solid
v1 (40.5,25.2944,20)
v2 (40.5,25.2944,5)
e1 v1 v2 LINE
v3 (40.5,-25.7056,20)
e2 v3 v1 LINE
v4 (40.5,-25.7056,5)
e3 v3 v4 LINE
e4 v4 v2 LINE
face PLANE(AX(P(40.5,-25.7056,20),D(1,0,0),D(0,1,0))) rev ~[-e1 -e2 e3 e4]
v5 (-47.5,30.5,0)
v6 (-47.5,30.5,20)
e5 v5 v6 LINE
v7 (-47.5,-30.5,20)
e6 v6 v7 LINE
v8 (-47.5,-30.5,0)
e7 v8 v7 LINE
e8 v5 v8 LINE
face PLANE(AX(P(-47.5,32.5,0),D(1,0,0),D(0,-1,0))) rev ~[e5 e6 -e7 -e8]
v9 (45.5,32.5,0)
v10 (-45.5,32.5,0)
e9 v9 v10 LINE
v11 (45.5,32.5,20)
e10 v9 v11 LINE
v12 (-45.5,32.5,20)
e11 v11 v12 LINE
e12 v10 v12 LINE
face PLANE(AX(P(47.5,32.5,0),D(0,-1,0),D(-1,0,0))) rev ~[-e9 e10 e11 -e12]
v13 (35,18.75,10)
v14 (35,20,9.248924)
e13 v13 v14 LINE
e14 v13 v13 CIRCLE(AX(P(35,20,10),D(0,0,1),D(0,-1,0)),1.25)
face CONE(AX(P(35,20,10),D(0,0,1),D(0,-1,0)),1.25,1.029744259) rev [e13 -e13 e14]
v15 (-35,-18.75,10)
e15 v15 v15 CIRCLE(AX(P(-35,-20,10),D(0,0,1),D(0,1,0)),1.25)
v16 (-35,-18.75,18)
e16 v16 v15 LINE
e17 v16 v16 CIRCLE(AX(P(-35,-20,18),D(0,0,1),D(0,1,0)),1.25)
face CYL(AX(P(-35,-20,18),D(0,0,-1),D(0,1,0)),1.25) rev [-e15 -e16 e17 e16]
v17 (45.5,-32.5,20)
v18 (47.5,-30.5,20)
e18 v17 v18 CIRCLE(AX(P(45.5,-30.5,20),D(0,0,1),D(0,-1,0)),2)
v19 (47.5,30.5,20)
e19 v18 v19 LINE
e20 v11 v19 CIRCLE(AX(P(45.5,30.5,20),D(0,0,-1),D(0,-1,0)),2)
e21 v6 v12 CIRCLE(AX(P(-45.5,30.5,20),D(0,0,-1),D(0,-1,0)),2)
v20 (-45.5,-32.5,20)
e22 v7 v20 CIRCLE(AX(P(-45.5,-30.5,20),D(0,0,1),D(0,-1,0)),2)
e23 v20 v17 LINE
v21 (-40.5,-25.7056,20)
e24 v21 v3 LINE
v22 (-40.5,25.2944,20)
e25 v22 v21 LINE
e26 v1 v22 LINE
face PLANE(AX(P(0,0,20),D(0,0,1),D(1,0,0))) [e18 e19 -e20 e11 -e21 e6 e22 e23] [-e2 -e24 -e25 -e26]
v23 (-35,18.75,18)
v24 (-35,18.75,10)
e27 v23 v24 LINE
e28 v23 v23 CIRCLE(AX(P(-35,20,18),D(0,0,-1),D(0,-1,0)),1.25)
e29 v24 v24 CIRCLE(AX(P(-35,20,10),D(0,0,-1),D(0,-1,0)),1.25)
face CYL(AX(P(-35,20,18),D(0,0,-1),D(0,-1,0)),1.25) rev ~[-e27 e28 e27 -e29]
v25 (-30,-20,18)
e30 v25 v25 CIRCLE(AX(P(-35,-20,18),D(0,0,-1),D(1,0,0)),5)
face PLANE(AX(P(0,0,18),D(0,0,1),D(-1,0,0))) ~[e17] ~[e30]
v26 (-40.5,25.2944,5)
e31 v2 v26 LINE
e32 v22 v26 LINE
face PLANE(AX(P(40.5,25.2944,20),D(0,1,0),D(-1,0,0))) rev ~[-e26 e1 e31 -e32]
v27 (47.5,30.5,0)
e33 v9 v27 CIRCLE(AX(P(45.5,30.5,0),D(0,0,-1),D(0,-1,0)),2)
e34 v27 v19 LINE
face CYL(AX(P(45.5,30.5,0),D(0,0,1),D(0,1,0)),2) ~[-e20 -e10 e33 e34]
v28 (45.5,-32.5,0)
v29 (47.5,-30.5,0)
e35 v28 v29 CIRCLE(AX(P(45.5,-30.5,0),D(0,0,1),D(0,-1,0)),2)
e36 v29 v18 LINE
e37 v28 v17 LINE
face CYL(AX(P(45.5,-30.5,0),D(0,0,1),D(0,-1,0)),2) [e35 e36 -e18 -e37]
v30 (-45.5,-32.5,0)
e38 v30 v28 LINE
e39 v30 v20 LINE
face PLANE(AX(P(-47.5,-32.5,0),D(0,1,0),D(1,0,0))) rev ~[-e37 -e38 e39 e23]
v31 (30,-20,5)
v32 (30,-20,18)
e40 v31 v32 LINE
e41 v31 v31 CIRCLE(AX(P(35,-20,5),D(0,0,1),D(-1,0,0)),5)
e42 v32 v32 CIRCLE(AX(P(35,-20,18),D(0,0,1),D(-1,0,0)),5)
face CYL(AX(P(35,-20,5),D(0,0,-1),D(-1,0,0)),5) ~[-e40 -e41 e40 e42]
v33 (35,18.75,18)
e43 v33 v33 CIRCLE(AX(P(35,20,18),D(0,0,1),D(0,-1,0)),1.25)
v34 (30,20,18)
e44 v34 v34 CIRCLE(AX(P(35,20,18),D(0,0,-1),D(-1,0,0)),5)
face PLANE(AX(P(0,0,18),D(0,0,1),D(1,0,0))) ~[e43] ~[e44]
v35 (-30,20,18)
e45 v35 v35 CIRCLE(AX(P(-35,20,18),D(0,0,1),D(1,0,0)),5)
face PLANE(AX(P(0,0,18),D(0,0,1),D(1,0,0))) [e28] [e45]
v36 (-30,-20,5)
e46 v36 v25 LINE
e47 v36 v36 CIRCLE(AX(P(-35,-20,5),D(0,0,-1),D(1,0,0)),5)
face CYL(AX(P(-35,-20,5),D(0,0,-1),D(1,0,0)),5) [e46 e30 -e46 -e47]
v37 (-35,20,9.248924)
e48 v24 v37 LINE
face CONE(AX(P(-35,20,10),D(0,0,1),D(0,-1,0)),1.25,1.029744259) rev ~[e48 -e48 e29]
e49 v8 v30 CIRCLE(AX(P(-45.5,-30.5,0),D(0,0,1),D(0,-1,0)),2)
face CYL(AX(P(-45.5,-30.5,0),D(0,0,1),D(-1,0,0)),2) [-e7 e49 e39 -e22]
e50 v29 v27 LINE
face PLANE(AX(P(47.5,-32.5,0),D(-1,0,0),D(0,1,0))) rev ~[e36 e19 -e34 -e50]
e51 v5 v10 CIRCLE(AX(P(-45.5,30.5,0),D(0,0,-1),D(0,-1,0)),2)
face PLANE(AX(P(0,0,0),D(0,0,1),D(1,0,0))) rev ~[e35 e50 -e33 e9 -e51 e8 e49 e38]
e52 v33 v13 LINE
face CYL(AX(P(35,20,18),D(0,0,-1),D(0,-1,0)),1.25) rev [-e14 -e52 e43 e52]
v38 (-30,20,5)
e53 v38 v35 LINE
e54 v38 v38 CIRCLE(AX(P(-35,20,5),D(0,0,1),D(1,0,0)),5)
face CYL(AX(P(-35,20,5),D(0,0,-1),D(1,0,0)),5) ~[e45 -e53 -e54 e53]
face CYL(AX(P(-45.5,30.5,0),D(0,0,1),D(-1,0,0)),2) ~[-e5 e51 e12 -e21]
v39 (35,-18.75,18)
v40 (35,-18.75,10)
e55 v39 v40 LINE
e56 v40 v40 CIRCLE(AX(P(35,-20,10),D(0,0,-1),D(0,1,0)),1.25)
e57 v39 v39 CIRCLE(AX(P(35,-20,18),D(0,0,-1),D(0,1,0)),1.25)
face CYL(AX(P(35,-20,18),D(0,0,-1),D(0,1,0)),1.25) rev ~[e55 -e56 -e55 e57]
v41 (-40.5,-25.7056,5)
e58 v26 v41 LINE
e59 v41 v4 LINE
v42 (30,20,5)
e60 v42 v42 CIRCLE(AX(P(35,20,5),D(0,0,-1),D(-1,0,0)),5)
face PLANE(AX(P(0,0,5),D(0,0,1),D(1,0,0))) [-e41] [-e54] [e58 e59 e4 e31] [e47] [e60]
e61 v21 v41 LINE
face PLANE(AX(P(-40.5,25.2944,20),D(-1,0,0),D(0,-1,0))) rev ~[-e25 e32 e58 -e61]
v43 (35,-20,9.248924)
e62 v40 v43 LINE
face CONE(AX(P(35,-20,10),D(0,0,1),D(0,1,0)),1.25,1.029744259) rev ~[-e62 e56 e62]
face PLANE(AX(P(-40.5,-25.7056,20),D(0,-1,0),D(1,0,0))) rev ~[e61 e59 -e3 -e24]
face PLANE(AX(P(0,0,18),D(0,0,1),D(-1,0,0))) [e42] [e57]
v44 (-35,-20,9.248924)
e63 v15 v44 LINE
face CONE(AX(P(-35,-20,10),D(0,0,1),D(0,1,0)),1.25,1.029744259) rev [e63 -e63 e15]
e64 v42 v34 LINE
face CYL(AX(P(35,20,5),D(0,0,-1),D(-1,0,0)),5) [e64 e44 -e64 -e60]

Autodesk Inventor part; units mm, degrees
ref_plane "XY Plane" through (0, 0, 0) normal (0, 0, 1) x (1, 0, 0)
sketch "Sketch1" plane through (0, 0, 0) normal (0, 0, 1) x (1, 0, 0)
  line L0 (-47.5, -32.5) -> (47.5, -32.5)
  line L1 (47.5, -32.5) -> (47.5, 32.5)
  line L2 (47.5, 32.5) -> (-47.5, 32.5)
  line L3 (-47.5, 32.5) -> (-47.5, -32.5)
  point P0 (0, 0)
  point P1 (0, 32.5)
  point P2 (-47.5, 0)
  dimension "d0" = 65
  dimension "d1" = 95
extrude "Extrusion1" add sketch "Sketch1" along normal blind 20
sketch "Sketch4" plane through (0, 0, 20) normal (0, 0, 1) x (1, 0, 0)
  line L0 (-40.5, -25.7056) -> (40.5, -25.7056)
  line L1 (40.5, -25.7056) -> (40.5, 25.2944)
  line L2 (40.5, 25.2944) -> (-40.5, 25.2944)
  line L3 (-40.5, 25.2944) -> (-40.5, -25.7056)
  point P0 (0, 0)
  point P1 (0, 25.2944)
  point P2 (-40.5, -0.2056)
  dimension "d18" = 51
  dimension "d19" = 81
extrude "Extrusion3" cut sketch "Sketch4" against normal blind 15
sketch "Sketch5" plane through (0, 0, 5) normal (0, 0, 1) x (1, 0, 0)
  circle A0 centre (-35, 20) radius 5
  point P0 (0, 0)
  dimension "d22" = 10
  dimension "d23" = 35
  dimension "d24" = 20
extrude "Extrusion4" add sketch "Sketch5" along normal blind 13
sketch "Sketch6" plane through (-35, 20, 18) normal (0, 0, 1) x (1, 0, 0)
  circle A0 centre (0, 0) radius 5 projected
  point P0 (35, -20)
hole "Hole2" at (-35, 20, 18) direction (0, 0, -1) diameter 2.5 depth 8 tip angle 118
mirror "Mirror3" about plane through (0, 0, 0) normal (1, 0, 0) of "Extrusion4", "Hole2"
mirror "Mirror4" about plane through (0, 0, 0) normal (0, 1, 0) of "Extrusion4", "Hole2", "Mirror3"
fillet "Fillet1" radius 2 4 edges at (47.5, 32.5, 10) (47.5, -32.5, 10) (-47.5, -32.5, 10) (-47.5, 32.5, 10)
properties part number "Case"
